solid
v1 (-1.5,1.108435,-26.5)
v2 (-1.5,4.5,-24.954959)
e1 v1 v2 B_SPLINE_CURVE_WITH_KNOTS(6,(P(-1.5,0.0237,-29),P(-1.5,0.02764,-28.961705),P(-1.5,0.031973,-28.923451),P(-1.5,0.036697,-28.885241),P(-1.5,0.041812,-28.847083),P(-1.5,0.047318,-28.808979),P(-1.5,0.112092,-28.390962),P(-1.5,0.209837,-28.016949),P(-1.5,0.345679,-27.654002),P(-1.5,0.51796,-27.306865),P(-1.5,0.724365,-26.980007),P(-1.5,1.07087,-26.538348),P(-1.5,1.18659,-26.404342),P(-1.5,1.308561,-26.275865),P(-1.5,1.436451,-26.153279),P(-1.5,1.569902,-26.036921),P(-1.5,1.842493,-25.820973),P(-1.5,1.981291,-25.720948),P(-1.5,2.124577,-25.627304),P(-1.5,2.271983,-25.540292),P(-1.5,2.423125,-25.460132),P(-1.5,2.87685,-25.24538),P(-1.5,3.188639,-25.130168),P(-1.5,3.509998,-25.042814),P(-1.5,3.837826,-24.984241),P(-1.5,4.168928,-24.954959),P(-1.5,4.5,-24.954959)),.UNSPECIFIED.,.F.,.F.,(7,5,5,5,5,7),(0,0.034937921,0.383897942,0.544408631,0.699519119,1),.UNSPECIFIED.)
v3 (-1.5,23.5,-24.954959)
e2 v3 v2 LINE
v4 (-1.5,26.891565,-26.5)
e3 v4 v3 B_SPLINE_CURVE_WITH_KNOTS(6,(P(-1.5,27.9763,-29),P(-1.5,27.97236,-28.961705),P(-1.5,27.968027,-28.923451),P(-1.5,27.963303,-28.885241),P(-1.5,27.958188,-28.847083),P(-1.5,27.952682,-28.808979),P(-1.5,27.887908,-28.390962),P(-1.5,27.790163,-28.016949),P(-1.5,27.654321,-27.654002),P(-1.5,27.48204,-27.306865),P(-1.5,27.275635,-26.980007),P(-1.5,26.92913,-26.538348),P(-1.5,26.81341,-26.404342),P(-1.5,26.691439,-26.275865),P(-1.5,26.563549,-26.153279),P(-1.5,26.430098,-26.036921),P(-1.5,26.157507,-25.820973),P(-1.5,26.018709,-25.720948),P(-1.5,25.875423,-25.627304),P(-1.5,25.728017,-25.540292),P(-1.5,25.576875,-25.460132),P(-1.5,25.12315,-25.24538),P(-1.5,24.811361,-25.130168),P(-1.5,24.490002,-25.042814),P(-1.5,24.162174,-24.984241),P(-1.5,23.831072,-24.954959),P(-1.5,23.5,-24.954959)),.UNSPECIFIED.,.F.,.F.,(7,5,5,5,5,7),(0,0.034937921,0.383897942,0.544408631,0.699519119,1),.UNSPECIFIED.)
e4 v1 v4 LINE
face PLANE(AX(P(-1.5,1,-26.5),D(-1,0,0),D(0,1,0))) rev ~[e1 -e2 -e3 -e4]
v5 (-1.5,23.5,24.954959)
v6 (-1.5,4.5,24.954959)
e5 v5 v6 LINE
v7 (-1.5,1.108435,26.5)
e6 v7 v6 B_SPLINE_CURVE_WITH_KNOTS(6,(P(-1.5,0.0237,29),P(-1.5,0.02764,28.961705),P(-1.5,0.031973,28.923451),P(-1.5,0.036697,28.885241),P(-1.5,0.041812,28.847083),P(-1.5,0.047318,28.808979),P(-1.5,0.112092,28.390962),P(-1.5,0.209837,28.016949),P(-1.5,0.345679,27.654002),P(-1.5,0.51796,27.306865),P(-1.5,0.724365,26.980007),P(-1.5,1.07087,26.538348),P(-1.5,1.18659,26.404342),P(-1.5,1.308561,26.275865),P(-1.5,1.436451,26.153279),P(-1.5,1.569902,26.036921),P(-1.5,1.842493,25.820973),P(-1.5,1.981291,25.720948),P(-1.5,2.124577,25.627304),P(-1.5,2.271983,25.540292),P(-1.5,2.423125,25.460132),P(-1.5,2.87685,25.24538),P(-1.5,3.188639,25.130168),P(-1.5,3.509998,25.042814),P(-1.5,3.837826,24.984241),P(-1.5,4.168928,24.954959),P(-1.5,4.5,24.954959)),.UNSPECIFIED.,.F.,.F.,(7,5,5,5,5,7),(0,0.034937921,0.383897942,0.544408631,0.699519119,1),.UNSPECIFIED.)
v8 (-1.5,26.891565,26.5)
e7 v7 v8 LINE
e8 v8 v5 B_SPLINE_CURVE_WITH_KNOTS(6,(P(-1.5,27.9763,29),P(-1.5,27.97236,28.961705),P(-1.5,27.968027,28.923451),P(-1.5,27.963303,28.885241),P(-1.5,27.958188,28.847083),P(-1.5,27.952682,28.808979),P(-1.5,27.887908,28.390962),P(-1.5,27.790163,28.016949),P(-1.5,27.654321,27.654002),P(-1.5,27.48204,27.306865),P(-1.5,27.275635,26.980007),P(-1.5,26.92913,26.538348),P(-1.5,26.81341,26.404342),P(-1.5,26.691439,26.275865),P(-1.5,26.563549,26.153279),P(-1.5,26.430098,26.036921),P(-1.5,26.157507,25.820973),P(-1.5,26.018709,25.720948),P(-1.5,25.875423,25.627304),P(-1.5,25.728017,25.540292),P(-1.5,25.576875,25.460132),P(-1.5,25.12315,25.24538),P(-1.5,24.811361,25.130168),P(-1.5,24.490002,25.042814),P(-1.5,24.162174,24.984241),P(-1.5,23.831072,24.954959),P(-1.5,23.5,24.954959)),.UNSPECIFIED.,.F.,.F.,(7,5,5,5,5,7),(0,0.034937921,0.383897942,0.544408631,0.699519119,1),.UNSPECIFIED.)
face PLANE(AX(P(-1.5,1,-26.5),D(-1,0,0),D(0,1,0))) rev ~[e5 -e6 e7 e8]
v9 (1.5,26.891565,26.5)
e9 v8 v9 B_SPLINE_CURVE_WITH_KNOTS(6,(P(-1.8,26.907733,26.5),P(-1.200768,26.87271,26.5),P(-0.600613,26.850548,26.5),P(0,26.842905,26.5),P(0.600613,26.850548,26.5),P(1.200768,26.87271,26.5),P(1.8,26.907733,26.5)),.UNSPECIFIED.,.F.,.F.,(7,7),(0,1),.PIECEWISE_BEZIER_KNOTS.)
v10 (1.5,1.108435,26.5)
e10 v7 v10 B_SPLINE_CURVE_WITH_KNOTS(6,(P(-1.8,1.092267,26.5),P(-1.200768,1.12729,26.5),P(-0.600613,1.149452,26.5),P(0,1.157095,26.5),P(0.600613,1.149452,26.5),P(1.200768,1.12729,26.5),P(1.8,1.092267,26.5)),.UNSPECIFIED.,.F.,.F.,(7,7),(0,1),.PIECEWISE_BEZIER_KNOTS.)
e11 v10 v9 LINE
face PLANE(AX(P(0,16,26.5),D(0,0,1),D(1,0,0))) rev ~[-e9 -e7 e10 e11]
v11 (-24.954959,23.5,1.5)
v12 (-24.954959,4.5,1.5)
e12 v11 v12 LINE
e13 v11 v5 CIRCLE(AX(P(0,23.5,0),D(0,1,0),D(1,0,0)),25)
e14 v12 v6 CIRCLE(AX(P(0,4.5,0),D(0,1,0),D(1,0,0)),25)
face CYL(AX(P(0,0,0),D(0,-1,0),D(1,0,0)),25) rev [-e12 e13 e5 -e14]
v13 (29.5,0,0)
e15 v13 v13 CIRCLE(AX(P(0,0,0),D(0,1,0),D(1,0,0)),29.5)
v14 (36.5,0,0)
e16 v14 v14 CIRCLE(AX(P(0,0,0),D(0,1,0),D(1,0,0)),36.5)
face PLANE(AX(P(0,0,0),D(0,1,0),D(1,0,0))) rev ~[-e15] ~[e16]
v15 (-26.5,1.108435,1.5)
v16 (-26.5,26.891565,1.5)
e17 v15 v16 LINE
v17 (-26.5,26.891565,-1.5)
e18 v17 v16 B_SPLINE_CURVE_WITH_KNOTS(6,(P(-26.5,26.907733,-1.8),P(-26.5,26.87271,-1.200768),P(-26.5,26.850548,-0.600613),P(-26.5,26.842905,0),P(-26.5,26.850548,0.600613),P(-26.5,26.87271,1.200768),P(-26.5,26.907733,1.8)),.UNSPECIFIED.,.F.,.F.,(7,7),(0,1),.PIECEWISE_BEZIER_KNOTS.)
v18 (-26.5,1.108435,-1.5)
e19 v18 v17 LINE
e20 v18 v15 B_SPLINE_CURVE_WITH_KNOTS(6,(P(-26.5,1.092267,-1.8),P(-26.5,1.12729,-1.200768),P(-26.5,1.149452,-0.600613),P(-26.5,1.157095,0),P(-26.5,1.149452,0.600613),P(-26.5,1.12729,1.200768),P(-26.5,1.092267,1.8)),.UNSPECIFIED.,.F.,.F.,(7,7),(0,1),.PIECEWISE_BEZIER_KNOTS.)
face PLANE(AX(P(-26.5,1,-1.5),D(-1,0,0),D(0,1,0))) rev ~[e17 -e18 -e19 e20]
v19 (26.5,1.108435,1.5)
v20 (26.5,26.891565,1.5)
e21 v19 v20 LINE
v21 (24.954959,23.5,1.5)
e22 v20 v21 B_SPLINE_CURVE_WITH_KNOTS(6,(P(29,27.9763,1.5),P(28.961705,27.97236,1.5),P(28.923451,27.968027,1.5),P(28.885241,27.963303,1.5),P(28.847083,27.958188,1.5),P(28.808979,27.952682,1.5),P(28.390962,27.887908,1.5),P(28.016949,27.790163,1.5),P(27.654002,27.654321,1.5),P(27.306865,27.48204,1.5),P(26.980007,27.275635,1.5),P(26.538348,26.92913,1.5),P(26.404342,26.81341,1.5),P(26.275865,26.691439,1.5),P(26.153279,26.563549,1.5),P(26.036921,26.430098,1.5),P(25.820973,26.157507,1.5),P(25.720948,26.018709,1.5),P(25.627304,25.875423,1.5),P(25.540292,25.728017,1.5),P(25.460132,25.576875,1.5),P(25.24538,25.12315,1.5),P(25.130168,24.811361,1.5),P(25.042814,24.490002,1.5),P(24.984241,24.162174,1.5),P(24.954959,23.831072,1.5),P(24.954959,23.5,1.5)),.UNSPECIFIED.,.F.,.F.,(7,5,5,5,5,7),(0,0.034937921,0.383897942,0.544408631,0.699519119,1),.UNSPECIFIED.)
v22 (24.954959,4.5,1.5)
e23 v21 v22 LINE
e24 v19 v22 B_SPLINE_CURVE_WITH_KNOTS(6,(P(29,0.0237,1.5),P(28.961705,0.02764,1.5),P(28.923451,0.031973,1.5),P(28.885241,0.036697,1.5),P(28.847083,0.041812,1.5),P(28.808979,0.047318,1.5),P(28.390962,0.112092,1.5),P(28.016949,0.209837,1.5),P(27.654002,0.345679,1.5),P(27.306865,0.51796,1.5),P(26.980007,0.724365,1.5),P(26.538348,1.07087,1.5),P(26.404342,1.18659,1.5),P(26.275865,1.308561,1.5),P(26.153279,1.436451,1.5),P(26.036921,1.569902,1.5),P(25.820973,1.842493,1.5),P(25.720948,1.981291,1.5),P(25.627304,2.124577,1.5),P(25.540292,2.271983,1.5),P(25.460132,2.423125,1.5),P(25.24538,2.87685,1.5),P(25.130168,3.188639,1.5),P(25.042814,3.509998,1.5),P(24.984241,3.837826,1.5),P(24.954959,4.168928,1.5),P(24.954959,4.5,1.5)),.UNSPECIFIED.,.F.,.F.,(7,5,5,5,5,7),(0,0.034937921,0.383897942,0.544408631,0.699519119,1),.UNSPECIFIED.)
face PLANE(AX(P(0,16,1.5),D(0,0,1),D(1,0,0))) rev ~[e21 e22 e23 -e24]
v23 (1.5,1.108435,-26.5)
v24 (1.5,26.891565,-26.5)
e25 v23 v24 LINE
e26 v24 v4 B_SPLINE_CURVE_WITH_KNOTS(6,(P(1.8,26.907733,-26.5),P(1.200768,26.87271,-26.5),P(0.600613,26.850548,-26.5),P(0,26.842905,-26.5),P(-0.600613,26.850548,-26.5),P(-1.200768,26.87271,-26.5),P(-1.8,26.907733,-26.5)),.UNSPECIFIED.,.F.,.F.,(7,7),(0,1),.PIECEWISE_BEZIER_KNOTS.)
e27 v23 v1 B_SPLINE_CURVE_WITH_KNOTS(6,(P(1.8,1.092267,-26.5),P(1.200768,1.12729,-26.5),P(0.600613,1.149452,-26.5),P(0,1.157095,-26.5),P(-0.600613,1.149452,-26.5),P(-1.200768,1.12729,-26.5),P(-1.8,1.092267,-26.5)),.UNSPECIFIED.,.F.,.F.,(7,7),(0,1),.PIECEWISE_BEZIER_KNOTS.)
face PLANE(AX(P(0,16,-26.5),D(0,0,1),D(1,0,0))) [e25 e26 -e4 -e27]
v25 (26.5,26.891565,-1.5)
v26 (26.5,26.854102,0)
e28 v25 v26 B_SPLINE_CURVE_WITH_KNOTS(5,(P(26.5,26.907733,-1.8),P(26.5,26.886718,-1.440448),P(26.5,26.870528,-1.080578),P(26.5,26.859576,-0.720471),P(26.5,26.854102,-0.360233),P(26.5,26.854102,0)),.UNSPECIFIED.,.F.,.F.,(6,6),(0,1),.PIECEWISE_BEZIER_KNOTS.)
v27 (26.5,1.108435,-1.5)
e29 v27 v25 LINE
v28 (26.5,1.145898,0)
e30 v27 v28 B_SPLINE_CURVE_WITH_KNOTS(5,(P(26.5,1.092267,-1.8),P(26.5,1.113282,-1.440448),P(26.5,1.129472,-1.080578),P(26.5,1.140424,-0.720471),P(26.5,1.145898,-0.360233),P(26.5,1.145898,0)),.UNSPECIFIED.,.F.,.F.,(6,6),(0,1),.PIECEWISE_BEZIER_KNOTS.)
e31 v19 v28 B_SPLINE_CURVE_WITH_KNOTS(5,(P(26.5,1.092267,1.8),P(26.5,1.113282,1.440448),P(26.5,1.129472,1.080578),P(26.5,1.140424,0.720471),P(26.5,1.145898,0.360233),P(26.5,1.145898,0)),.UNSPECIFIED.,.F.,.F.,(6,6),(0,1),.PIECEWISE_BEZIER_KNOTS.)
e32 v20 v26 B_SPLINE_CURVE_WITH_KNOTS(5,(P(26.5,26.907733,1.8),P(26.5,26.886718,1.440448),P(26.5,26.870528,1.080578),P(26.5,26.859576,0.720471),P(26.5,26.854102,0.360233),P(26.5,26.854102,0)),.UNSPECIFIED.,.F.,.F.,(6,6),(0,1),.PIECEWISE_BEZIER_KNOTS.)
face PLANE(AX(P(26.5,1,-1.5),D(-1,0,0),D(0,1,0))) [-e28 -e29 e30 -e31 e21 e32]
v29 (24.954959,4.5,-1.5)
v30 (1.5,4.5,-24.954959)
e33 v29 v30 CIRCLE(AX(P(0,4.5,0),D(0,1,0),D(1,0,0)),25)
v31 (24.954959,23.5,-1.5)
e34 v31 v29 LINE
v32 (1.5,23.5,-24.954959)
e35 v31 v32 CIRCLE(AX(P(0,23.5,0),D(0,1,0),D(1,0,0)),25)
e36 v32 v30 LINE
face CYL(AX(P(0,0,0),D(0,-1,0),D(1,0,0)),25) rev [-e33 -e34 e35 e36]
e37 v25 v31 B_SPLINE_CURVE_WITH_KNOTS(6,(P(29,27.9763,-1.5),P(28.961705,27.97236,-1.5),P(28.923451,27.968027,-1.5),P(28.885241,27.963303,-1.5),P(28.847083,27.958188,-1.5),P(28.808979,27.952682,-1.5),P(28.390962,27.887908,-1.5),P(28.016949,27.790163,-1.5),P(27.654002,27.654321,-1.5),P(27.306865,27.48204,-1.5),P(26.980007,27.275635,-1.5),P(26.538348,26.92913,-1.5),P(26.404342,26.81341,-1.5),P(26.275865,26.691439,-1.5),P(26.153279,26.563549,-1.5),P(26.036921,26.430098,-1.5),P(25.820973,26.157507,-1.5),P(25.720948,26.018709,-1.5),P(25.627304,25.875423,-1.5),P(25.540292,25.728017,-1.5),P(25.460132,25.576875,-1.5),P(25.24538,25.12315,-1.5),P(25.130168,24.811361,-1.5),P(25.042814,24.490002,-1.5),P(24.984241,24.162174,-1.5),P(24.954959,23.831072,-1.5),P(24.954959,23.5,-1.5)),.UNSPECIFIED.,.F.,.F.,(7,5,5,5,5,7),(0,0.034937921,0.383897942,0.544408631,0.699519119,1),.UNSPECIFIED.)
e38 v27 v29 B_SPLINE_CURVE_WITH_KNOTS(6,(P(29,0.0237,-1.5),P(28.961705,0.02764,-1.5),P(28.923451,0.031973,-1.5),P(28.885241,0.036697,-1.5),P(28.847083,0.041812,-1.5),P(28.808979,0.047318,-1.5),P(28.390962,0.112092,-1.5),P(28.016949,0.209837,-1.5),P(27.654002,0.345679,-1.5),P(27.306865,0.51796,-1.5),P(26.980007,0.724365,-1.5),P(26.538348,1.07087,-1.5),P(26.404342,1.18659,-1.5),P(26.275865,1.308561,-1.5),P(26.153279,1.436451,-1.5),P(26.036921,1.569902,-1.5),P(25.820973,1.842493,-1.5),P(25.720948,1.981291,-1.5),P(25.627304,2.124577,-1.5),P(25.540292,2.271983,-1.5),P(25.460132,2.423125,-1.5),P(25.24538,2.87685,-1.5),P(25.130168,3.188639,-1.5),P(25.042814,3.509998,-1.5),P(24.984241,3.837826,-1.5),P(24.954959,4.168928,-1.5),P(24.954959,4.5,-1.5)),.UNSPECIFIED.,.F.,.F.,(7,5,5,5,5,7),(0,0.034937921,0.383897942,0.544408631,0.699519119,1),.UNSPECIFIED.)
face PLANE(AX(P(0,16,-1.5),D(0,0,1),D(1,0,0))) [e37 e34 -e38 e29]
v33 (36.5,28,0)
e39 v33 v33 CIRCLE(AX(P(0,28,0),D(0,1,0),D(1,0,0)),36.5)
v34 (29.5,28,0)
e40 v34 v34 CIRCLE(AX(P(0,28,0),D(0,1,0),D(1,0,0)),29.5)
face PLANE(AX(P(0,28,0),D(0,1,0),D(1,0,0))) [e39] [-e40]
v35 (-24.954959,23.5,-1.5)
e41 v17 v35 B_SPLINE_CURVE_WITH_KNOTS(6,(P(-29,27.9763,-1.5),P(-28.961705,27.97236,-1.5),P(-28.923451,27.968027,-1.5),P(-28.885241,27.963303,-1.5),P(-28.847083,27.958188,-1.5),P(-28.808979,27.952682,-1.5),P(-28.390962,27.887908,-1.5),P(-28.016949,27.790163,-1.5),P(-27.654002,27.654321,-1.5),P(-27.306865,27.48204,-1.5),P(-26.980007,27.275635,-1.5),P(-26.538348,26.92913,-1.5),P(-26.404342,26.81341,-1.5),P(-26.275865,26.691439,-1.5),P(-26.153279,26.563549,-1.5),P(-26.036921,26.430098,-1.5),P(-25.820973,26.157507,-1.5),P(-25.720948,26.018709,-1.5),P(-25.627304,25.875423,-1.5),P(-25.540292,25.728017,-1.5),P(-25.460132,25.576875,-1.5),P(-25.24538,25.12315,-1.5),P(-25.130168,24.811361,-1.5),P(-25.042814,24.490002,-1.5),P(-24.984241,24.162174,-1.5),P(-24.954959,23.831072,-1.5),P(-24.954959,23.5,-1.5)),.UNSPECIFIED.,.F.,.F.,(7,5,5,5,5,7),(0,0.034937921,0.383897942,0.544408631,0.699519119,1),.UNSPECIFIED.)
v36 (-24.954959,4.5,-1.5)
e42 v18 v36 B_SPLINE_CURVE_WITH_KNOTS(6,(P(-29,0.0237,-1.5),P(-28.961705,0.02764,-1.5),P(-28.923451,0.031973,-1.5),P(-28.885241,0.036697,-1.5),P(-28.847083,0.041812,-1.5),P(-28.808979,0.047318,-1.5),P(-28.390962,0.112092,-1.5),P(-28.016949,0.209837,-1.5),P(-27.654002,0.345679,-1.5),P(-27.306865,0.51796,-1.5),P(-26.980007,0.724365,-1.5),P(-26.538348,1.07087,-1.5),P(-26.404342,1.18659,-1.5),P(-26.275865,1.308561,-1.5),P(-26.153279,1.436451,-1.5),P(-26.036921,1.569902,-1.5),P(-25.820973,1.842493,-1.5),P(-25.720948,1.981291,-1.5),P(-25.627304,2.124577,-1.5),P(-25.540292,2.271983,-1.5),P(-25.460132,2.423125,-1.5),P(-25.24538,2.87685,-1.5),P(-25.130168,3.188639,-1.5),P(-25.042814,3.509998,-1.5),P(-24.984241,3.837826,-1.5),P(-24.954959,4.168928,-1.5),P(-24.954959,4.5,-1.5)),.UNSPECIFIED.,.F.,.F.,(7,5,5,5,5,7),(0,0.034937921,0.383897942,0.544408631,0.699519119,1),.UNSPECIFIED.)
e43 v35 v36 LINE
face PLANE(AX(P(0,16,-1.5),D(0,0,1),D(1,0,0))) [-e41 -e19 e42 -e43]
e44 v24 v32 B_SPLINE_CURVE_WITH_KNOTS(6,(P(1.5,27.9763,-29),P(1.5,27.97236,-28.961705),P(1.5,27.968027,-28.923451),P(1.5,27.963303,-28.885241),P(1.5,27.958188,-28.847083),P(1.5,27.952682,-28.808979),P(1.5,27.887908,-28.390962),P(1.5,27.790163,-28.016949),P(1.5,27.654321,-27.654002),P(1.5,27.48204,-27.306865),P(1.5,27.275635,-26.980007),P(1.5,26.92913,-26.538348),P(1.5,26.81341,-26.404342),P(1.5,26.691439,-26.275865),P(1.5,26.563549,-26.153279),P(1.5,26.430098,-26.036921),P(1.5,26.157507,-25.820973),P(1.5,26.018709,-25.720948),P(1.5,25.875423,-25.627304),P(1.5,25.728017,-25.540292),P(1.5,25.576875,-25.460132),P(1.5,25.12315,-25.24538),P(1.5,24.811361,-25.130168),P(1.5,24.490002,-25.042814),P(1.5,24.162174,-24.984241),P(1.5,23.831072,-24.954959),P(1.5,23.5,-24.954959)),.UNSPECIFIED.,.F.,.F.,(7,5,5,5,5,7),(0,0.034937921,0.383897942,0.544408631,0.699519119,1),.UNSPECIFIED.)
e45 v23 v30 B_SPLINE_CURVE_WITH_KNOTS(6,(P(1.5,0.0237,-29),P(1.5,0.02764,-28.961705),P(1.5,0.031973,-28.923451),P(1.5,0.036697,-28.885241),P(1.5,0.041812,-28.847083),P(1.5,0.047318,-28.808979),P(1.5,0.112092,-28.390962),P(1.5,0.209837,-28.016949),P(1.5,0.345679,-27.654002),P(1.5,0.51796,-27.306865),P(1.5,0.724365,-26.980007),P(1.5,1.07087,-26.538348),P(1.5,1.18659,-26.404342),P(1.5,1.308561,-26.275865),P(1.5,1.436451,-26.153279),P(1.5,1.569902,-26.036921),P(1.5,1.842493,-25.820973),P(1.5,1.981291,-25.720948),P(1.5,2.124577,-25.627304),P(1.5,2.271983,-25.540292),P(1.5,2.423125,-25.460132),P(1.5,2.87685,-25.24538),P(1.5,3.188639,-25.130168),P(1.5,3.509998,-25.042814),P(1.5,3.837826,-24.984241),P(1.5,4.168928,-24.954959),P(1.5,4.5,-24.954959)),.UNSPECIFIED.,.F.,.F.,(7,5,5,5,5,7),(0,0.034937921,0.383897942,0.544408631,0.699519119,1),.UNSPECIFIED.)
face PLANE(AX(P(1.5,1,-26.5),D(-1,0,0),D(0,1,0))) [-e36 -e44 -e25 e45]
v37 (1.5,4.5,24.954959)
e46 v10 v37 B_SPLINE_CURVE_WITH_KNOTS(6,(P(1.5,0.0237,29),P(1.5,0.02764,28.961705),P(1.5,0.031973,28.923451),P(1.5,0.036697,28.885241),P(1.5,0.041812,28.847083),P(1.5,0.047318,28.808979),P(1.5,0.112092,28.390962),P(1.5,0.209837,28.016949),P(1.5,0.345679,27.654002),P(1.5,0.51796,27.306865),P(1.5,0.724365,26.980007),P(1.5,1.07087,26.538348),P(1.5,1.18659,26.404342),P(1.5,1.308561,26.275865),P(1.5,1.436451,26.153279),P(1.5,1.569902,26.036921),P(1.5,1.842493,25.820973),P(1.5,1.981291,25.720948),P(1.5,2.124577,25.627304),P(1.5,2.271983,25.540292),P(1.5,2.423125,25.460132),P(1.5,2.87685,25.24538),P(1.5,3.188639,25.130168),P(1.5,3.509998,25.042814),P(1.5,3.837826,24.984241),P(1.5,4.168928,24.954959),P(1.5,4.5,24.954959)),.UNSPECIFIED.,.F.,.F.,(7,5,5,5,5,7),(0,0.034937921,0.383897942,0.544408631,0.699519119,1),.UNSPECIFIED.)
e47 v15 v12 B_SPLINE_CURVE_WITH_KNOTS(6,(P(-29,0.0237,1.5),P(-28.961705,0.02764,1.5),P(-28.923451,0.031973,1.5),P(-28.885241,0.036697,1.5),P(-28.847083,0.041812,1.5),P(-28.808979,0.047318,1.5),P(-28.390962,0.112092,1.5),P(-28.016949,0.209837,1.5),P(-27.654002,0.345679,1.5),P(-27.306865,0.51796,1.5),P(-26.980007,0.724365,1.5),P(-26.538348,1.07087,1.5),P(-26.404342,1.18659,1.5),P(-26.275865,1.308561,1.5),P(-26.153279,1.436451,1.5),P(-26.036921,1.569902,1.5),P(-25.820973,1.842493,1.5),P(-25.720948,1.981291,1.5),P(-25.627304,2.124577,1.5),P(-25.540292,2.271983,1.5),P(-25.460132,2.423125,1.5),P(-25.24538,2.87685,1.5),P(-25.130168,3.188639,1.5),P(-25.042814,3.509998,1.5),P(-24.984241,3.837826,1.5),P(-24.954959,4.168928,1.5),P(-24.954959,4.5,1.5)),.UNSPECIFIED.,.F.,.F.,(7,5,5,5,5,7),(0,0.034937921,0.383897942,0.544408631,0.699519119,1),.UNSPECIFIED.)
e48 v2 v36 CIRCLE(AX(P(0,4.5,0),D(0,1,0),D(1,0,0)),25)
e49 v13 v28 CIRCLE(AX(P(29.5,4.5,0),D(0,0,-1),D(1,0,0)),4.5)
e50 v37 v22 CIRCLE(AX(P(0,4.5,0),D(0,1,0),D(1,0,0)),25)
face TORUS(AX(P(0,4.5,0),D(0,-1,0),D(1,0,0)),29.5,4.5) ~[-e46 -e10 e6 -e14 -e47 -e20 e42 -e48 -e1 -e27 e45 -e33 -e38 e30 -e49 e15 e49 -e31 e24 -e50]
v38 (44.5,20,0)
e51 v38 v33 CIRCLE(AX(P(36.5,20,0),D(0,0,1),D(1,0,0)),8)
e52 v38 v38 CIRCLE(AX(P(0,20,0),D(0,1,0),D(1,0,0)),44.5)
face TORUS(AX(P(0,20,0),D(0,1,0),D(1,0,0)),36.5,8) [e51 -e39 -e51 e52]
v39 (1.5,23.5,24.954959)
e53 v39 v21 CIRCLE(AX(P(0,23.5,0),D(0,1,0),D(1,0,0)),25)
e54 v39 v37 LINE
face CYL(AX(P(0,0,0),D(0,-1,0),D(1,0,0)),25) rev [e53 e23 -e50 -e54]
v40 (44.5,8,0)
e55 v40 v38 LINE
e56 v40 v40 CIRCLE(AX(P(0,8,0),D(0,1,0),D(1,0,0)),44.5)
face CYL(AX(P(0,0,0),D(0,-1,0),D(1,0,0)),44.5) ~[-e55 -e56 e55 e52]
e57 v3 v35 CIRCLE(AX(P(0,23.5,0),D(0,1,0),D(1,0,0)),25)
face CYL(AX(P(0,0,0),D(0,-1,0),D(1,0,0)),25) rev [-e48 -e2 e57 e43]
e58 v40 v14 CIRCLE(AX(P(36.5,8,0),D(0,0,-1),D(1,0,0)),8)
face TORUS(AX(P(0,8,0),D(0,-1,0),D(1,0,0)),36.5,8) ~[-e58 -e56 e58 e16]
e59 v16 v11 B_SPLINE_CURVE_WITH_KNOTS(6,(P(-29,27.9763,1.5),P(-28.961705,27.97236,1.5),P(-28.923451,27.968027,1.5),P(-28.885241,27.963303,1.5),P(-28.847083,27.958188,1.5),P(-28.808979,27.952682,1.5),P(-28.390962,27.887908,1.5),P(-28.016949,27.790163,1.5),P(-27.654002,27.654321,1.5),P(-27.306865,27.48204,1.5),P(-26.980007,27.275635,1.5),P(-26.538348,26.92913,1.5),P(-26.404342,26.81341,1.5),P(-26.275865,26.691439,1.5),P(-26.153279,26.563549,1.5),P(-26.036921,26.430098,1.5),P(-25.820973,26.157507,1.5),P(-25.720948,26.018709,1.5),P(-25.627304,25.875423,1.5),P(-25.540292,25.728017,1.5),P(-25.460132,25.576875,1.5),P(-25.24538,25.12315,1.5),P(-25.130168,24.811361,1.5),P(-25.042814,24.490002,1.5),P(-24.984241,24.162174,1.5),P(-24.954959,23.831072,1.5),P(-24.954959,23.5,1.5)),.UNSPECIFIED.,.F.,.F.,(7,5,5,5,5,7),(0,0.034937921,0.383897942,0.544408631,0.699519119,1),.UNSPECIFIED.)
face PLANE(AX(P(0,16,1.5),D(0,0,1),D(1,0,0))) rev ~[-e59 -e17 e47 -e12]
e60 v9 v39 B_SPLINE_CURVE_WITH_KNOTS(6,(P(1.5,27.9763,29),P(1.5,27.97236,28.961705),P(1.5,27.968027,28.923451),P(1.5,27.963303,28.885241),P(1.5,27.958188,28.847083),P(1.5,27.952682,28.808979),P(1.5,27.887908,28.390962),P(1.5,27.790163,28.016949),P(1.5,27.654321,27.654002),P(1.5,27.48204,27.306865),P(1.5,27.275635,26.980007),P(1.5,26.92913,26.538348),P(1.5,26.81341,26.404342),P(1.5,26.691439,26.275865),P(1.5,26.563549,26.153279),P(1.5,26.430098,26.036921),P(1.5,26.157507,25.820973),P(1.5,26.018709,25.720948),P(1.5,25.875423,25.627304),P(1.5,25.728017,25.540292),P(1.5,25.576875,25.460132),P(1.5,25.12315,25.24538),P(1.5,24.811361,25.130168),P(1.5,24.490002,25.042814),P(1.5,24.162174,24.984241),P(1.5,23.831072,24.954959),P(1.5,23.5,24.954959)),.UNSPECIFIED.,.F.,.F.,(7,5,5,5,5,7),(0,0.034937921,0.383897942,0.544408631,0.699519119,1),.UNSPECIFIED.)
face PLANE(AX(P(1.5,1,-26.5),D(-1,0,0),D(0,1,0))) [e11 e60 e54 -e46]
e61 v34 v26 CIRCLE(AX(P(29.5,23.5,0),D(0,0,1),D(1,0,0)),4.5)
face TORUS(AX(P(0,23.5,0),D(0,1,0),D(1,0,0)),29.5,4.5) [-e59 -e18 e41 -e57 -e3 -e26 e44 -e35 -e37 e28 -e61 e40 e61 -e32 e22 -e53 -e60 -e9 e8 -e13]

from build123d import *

# Parameters (mm, degrees)
BOX357_W          = 53
BOX357_H          = 30
BOX357_DEPTH      = 3
BOX358_W          = 3
BOX358_H          = 30
BOX358_DEPTH      = 53
CYLINDER020_R     = 25
CYLINDER020_DEPTH = 28
CYLINDER018_R     = 44.5
CYLINDER018_DEPTH = 28
FILLET007_R       = 8
FILLET009_R       = 4.5


with BuildPart() as cube357:
    # Box357 → Box357 (new body)
    with BuildSketch(Plane(origin=(-26.5, 1, -1.5), x_dir=(1, 0, 0), z_dir=(0, 0, 1))):
        with Locations((26.5, 15)):
            Rectangle(BOX357_W, BOX357_H)
    extrude(amount=BOX357_DEPTH)


with BuildPart() as fusion013:
    # Box358 → Box358 (new body)
    with BuildSketch(Plane(origin=(-1.5, 1, -26.5), x_dir=(1, 0, 0), z_dir=(0, 0, 1))):
        with Locations((1.5, 15)):
            Rectangle(BOX358_W, BOX358_H)
    extrude(amount=BOX358_DEPTH)

    # Fusion013: union Cube357
    add(cube357.part)


with BuildPart() as cylinder020:
    # Cylinder020 → Cylinder020 (new body)
    with BuildSketch(Plane(origin=(0, 0, 0), x_dir=(1, 0, 0), z_dir=(0, 1, 0))):
        Circle(CYLINDER020_R)
    extrude(amount=CYLINDER020_DEPTH)


with BuildPart() as rear_wheel_inner:
    # Cylinder018 → Cylinder018 (new body)
    with BuildSketch(Plane(origin=(0, 0, 0), x_dir=(1, 0, 0), z_dir=(0, 1, 0))):
        Circle(CYLINDER018_R)
    extrude(amount=CYLINDER018_DEPTH)

    # Fillet007
    fillet007_edges = [rear_wheel_inner.edges().sort_by_distance(p)[0] for p in [
        (-44.5, 0, 0),
        (-44.5, 28, 0),
    ]]
    fillet(fillet007_edges, radius=FILLET007_R)

    # Cut004026018020018: cut Cylinder020
    add(cylinder020.part, mode=Mode.SUBTRACT)

    # Fillet009
    fillet009_edges = [rear_wheel_inner.edges().sort_by_distance(p)[0] for p in [
        (-25, 28, 0),
        (-25, 0, 0),
    ]]
    fillet(fillet009_edges, radius=FILLET009_R)

    # Cut004026018020019: cut Fusion013
    add(fusion013.part, mode=Mode.SUBTRACT)


solid = rear_wheel_inner.part
